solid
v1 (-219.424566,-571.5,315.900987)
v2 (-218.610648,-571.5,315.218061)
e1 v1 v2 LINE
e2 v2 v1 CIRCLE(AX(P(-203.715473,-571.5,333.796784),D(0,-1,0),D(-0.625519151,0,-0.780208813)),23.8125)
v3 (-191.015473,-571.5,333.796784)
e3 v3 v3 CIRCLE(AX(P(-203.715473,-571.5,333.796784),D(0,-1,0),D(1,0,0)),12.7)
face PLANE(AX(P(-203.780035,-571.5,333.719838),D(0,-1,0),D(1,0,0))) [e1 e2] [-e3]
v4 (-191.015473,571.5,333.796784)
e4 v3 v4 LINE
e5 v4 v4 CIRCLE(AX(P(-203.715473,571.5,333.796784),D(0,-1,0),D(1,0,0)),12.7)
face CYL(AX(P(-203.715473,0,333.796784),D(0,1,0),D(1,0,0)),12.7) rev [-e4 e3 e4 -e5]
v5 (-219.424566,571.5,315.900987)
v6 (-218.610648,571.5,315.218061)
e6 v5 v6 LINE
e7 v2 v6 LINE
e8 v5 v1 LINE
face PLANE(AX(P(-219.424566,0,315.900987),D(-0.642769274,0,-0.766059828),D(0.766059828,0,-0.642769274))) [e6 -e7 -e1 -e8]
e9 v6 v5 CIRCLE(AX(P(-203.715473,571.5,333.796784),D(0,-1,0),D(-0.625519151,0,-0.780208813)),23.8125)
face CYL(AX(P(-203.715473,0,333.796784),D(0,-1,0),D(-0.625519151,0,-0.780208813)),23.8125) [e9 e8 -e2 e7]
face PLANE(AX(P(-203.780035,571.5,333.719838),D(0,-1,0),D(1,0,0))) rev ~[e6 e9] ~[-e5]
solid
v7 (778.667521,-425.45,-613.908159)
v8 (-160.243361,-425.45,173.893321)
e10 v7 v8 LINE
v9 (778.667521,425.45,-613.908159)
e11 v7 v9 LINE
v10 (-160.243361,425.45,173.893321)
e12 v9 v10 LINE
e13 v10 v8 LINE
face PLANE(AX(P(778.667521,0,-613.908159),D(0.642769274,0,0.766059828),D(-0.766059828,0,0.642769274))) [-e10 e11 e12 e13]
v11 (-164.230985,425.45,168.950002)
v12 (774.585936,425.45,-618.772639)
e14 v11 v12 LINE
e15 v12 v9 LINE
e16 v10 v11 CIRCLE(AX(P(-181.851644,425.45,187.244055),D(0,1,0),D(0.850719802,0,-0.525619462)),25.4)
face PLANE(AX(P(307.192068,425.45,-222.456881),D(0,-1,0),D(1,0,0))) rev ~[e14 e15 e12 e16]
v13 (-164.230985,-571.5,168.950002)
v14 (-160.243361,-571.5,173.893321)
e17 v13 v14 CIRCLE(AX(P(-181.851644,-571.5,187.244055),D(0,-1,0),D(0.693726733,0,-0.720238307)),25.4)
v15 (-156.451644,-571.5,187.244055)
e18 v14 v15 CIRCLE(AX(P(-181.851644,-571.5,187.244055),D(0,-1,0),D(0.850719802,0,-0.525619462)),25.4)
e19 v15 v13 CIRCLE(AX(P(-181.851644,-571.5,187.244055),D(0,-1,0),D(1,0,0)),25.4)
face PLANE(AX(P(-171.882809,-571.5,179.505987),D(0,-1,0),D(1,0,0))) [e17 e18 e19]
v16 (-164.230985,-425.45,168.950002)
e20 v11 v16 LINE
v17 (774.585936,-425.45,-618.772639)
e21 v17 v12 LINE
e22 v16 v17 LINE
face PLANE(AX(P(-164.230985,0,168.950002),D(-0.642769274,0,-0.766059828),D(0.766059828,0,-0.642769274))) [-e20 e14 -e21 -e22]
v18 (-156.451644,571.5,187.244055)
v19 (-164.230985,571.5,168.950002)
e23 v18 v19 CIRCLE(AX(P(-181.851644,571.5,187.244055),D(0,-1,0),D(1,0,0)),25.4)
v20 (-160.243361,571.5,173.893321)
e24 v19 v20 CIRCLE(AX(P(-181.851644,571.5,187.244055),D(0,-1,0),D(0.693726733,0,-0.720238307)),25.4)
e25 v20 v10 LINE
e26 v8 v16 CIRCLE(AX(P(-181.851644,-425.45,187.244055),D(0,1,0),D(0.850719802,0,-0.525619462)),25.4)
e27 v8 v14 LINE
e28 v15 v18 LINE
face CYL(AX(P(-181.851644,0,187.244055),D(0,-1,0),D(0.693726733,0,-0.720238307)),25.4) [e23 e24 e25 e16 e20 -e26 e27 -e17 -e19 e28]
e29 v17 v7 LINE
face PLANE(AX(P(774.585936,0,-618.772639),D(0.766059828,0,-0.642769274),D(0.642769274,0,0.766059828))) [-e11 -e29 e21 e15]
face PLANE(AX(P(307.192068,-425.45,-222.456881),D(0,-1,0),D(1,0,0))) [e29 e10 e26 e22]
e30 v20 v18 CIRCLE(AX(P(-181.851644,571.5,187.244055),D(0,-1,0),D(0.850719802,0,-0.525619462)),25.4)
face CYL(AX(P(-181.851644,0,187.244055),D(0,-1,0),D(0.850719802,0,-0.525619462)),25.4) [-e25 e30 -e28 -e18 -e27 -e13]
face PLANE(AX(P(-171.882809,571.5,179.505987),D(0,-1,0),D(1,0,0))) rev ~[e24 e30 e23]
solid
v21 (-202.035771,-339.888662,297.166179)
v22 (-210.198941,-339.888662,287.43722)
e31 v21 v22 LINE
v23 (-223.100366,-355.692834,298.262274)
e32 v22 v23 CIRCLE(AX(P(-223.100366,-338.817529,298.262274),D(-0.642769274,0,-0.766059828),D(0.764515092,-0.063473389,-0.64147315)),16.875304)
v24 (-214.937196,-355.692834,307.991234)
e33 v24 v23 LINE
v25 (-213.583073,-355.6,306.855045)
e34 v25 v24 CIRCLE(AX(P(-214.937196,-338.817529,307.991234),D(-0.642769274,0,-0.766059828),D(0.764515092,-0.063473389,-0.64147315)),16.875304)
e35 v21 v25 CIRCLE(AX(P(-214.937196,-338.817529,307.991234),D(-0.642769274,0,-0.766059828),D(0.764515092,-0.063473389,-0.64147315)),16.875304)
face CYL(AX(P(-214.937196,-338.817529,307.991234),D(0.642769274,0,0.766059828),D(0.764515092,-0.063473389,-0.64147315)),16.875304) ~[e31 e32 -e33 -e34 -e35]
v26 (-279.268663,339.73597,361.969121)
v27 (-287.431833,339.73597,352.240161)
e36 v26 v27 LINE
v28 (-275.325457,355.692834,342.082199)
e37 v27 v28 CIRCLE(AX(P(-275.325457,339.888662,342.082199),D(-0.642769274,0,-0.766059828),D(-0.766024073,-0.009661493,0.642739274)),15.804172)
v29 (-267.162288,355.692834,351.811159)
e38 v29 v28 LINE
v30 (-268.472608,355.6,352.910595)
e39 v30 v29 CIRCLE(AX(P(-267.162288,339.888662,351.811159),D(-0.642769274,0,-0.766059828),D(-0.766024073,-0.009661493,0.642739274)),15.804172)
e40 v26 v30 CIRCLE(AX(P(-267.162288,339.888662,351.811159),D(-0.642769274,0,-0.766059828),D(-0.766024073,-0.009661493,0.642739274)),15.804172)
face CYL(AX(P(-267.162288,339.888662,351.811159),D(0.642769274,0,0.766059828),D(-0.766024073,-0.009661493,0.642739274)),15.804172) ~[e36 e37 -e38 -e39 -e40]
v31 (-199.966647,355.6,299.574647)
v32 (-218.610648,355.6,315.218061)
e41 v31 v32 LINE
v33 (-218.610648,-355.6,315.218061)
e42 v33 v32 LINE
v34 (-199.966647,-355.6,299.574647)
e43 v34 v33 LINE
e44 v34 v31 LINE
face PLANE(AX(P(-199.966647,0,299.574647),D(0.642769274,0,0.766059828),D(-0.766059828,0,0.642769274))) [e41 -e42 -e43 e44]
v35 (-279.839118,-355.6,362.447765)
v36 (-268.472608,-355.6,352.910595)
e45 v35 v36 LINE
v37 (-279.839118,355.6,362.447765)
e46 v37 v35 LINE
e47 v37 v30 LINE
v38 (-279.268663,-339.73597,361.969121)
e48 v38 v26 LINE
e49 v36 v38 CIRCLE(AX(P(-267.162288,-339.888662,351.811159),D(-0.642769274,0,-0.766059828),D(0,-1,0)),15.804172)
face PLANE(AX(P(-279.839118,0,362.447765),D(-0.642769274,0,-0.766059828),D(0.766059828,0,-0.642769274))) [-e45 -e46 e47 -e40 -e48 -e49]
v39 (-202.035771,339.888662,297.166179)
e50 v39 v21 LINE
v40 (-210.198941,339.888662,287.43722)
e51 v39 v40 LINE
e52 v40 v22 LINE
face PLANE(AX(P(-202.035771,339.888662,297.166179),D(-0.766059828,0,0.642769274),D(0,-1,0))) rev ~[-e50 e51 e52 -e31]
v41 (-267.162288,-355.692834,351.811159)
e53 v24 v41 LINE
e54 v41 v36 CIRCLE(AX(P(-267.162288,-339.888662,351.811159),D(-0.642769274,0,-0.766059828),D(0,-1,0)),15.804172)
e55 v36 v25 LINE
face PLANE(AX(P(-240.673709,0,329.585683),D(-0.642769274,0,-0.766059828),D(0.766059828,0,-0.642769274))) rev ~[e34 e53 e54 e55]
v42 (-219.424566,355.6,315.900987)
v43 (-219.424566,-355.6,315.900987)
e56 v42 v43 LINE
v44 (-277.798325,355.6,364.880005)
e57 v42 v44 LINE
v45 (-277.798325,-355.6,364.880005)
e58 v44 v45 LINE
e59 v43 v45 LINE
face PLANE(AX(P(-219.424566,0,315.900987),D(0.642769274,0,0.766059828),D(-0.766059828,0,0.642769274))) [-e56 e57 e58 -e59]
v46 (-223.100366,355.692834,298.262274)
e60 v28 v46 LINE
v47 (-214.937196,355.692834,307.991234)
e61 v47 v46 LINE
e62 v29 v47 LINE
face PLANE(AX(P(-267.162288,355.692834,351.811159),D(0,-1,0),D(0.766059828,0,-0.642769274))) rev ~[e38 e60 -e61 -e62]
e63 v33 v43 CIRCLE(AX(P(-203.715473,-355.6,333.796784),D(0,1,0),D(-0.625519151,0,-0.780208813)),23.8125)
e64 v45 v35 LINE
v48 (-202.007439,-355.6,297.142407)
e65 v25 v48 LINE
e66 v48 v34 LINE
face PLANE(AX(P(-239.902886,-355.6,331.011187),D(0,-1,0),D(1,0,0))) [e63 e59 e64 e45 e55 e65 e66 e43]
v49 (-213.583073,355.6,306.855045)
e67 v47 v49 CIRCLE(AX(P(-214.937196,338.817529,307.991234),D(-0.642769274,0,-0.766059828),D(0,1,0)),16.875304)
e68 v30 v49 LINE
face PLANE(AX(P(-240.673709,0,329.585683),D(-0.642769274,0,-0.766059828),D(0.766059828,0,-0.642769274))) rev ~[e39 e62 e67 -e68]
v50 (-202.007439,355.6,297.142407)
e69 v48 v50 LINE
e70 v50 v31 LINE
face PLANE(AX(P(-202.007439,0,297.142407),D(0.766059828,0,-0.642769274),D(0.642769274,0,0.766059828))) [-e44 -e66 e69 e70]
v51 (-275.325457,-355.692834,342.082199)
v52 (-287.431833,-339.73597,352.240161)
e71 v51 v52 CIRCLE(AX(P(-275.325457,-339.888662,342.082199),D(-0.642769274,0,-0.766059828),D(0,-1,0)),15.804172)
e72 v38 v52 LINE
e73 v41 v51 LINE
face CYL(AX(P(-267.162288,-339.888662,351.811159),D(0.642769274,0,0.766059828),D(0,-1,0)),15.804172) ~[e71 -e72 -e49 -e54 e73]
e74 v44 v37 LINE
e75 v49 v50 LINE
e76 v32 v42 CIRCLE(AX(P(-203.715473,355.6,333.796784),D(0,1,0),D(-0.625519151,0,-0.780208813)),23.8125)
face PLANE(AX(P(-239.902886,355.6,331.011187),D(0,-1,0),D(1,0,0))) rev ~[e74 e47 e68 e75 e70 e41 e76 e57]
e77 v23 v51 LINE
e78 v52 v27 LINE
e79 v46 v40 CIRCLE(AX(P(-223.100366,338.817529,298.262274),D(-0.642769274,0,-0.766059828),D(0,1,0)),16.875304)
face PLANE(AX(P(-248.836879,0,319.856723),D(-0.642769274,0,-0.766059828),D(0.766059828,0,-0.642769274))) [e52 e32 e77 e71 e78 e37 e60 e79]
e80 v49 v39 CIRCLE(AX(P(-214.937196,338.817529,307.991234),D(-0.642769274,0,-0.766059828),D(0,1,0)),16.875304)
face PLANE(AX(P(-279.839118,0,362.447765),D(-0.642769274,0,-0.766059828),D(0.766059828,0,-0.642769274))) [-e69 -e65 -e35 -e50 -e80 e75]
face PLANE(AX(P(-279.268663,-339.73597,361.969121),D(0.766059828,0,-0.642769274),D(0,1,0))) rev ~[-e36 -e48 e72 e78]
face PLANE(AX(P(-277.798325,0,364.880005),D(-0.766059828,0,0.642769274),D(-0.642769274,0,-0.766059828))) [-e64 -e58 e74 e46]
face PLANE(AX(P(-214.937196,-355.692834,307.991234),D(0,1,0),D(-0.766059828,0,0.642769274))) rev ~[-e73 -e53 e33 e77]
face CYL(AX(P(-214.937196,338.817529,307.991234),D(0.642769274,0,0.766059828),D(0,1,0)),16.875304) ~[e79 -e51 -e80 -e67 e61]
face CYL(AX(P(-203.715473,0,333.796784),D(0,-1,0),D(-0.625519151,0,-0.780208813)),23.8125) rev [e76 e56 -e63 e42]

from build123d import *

# Parameters (mm, degrees)
F1_DEPTH = 425.45
F2_DEPTH = 571.5
F0_R     = 12.7
F3_DEPTH = 571.5
F4_DEPTH = 355.6
F7_DEPTH = 12.7


with BuildPart() as f1:
    # F0 (on Front) → F1 (new body, symmetric)
    with BuildSketch(Plane.XZ):
        with BuildLine():
            Line((778.6675206466, -613.9081587448), (-160.2433607585, 173.8933208623))
            ThreePointArc((-160.2433607585, 173.8933208623), (-162.0820566689, 171.296534145), (-164.2309846977, 168.9500021864))
            Line((-164.2309846977, 168.9500021864), (774.5859357546, -618.7726386522))
            Line((774.5859357546, -618.7726386522), (778.6675206466, -613.9081587448))
        make_face()
    extrude(amount=F1_DEPTH, both=True)

    # F0 (on Front) → F2 (join, symmetric)
    with BuildSketch(Plane.XZ):
        with BuildLine():
            Line((-160.2433607585, 173.8933208623), (-179.4952093534, 190.0467547063))
            Line((-179.4952093534, 190.0467547063), (-183.5905268279, 185.1937972437))
            Line((-183.5905268279, 185.1937972437), (-164.2309846977, 168.9500021864))
            ThreePointArc((-164.2309846977, 168.9500021864), (-162.0820566689, 171.296534145), (-160.2433607585, 173.8933208623))
        make_face()
        with BuildLine():
            Line((-183.5905268279, 185.1937972437), (-179.4952093534, 190.0467547063))
            Line((-179.4952093534, 190.0467547063), (-160.2433607585, 173.8933208623))
            ThreePointArc((-160.2433607585, 173.8933208623), (-157.417954, 180.3046887728), (-156.4516437276, 187.2440551914))
            ThreePointArc((-156.4516437276, 187.2440551914), (-205.226039328, 197.1837549012), (-164.2309846977, 168.9500021864))
            Line((-164.2309846977, 168.9500021864), (-183.5905268279, 185.1937972437))
        make_face()
    extrude(amount=F2_DEPTH, both=True)


with BuildPart() as f3:
    # F0 (on Front) → F3 (new body, symmetric)
    with BuildSketch(Plane.XZ):
        with BuildLine():
            ThreePointArc((-218.6106479033, 315.2180612468), (-193.4114979992, 312.3290577694), (-179.9029731282, 333.7967836106))
            ThreePointArc((-179.9029731282, 333.7967836106), (-213.5379568757, 355.4890395855), (-219.4245663487, 315.9009867174))
            Line((-219.4245663487, 315.9009867174), (-218.6106479033, 315.2180612468))
        make_face()
        with Locations((-203.7154731282, 333.7967836106)):
            Circle(F0_R, mode=Mode.SUBTRACT)
    extrude(amount=F3_DEPTH, both=True)


with BuildPart() as f4:
    # F0 (on Front) → F4 (new body, symmetric)
    with BuildSketch(Plane.XZ):
        with BuildLine():
            ThreePointArc((-218.6106479033, 315.2180612468), (-219.0214164734, 315.554983958), (-219.4245663487, 315.9009867174))
            Line((-219.4245663487, 315.9009867174), (-277.7983252369, 364.8800054221))
            Line((-277.7983252369, 364.8800054221), (-279.8391176829, 362.4477654684))
            Line((-279.8391176829, 362.4477654684), (-202.0074391654, 297.1424071956))
            Line((-202.0074391654, 297.1424071956), (-199.9666467193, 299.5746471492))
            Line((-199.9666467193, 299.5746471492), (-218.6106479033, 315.2180612468))
        make_face()
    extrude(amount=F4_DEPTH, both=True)

    # F6 (on offset) → F7 (join)
    with BuildSketch(Plane(origin=(62.8529918179, 0, 74.9089199174), x_dir=(0.7660598279, 0, -0.6427692743), z_dir=(-0.6427692743, 0, -0.7660598279))):
        with BuildLine():
            Line((-362.6220535138, 355.692833662), (-430.795699358, 355.692833662))
            ThreePointArc((-430.795699358, 355.692833662), (-442.0247912115, 351.0097832174), (-446.5991332871, 339.7359702024))
            Line((-446.5991332871, 339.7359702024), (-446.5991332871, -339.7359702024))
            ThreePointArc((-446.5991332871, -339.7359702024), (-442.0247912115, -351.0097832174), (-430.795699358, -355.692833662))
            Line((-430.795699358, -355.692833662), (-362.6220535138, -355.692833662))
            ThreePointArc((-362.6220535138, -355.692833662), (-351.074322037, -351.1230481675), (-345.7807777227, -339.8886620998))
            Line((-345.7807777227, -339.8886620998), (-345.7807777227, 339.8886620998))
            ThreePointArc((-345.7807777227, 339.8886620998), (-351.074322037, 351.1230481675), (-362.6220535138, 355.692833662))
        make_face()
    extrude(amount=F7_DEPTH)


solid = Compound([f1.part, f3.part, f4.part])
